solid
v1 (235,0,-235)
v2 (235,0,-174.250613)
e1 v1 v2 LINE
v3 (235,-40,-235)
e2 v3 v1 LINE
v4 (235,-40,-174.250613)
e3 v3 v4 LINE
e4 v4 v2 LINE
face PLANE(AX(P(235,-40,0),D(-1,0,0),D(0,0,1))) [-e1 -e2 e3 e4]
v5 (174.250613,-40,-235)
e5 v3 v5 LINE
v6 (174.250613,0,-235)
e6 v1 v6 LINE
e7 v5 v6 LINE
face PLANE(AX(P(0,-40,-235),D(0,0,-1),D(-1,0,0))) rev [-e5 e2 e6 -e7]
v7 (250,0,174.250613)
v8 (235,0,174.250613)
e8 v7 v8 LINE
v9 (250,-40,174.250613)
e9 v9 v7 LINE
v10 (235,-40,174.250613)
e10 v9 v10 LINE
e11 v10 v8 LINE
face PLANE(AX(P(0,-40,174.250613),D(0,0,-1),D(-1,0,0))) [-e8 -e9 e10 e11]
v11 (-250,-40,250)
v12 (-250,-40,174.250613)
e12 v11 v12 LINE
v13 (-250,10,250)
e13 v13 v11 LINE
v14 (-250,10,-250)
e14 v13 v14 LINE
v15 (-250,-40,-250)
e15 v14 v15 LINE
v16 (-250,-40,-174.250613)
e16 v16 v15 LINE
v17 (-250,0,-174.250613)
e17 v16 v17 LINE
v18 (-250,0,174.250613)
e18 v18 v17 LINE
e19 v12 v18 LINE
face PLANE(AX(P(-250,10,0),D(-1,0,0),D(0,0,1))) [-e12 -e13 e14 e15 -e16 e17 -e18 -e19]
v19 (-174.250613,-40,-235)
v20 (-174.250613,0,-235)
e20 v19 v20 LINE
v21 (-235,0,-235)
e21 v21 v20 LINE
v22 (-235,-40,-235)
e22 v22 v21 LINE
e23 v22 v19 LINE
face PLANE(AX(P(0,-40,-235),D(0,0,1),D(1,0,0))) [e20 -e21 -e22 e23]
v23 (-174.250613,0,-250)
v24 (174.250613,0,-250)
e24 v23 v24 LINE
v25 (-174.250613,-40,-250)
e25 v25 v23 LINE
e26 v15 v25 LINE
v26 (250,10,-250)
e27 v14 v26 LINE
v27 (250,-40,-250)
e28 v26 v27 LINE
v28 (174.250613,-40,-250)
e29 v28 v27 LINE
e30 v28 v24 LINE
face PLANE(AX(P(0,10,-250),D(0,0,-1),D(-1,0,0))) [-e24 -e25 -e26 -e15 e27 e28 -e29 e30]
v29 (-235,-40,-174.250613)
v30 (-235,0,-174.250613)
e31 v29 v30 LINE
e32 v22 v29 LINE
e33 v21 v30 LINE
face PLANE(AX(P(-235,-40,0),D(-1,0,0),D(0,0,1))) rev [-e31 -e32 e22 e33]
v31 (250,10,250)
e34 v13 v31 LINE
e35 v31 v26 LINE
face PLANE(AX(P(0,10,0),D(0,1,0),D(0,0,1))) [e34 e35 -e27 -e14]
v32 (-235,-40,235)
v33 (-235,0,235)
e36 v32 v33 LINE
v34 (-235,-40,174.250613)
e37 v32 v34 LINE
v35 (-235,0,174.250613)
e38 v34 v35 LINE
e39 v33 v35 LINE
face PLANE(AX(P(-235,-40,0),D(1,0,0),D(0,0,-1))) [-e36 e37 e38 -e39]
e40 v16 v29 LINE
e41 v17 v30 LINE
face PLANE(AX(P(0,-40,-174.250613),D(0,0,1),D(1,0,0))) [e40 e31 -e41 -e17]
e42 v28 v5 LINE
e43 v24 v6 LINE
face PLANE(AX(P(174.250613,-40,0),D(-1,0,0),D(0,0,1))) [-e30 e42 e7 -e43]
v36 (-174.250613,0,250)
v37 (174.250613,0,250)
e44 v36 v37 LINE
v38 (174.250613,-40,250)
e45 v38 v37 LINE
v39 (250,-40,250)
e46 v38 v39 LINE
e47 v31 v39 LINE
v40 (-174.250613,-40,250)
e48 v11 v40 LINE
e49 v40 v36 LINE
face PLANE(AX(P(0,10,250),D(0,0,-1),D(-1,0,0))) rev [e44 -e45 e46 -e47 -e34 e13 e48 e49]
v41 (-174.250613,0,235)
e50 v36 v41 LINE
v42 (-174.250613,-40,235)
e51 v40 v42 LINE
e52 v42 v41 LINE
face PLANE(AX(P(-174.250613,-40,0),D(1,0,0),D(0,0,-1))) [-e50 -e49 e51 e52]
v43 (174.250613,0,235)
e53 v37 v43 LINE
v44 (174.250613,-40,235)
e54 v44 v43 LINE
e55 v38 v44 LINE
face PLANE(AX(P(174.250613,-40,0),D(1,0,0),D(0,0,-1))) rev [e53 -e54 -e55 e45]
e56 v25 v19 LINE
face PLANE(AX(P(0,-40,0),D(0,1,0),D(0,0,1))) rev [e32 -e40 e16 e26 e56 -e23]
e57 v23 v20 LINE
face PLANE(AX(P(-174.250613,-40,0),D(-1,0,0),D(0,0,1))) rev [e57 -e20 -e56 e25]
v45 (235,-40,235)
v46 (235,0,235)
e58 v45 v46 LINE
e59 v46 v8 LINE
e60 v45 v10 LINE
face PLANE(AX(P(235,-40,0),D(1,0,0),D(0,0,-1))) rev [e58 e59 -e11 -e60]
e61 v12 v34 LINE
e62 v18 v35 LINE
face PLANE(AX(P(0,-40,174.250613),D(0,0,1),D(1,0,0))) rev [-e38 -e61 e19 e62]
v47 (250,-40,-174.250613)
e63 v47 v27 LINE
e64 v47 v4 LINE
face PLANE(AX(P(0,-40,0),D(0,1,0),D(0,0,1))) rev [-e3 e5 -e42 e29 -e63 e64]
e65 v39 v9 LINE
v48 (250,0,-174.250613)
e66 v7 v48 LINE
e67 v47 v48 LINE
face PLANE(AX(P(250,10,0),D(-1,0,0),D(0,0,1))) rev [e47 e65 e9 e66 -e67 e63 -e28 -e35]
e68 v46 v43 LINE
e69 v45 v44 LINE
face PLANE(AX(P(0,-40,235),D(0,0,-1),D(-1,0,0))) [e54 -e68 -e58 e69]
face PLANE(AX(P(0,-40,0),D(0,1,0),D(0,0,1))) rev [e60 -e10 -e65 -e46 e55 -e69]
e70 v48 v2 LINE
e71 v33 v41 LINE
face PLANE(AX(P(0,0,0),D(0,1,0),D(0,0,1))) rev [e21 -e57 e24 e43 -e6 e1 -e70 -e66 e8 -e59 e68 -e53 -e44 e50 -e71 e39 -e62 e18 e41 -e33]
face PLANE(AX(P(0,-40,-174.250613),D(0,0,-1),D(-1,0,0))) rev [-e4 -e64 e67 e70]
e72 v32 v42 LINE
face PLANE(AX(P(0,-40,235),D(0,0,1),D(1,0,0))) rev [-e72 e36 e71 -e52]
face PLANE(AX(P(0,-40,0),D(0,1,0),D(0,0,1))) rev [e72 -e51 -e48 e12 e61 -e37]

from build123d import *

# Parameters (mm, degrees)
SKETCH2_W           = 500
SKETCH2_H           = 500
BOSS_EXTRUDE1_DEPTH = 10
BOSS_EXTRUDE2_DEPTH = 40


with BuildPart() as part:
    # Sketch2 → Boss-Extrude1 (new body)
    with BuildSketch(Plane(origin=(0, 0, 0), x_dir=(1, 0, 0), z_dir=(0, 1, 0))):
        Rectangle(SKETCH2_W, SKETCH2_H)
    extrude(amount=BOSS_EXTRUDE1_DEPTH)

    # Sketch2<3> → Boss-Extrude2 (add)
    with BuildSketch(Plane(origin=(0, 0, 0), x_dir=(1, 0, 0), z_dir=(0, 1, 0))):
        Polygon((-250, -174.250613401), (-250, -250), (-174.250613401, -250), (-174.250613401, -235), (-235, -235), (-235, -174.250613401), align=None)
        Polygon((174.250613401, -235), (174.250613401, -250), (250, -250), (250, -174.250613401), (235, -174.250613401), (235, -235), align=None)
        Polygon((-250, 250), (-250, 174.250613401), (-235, 174.250613401), (-235, 235), (-174.250613401, 235), (-174.250613401, 250), align=None)
        Polygon((235, 174.250613401), (250, 174.250613401), (250, 250), (174.250613401, 250), (174.250613401, 235), (235, 235), align=None)
    extrude(amount=-BOSS_EXTRUDE2_DEPTH)


solid = part.part
